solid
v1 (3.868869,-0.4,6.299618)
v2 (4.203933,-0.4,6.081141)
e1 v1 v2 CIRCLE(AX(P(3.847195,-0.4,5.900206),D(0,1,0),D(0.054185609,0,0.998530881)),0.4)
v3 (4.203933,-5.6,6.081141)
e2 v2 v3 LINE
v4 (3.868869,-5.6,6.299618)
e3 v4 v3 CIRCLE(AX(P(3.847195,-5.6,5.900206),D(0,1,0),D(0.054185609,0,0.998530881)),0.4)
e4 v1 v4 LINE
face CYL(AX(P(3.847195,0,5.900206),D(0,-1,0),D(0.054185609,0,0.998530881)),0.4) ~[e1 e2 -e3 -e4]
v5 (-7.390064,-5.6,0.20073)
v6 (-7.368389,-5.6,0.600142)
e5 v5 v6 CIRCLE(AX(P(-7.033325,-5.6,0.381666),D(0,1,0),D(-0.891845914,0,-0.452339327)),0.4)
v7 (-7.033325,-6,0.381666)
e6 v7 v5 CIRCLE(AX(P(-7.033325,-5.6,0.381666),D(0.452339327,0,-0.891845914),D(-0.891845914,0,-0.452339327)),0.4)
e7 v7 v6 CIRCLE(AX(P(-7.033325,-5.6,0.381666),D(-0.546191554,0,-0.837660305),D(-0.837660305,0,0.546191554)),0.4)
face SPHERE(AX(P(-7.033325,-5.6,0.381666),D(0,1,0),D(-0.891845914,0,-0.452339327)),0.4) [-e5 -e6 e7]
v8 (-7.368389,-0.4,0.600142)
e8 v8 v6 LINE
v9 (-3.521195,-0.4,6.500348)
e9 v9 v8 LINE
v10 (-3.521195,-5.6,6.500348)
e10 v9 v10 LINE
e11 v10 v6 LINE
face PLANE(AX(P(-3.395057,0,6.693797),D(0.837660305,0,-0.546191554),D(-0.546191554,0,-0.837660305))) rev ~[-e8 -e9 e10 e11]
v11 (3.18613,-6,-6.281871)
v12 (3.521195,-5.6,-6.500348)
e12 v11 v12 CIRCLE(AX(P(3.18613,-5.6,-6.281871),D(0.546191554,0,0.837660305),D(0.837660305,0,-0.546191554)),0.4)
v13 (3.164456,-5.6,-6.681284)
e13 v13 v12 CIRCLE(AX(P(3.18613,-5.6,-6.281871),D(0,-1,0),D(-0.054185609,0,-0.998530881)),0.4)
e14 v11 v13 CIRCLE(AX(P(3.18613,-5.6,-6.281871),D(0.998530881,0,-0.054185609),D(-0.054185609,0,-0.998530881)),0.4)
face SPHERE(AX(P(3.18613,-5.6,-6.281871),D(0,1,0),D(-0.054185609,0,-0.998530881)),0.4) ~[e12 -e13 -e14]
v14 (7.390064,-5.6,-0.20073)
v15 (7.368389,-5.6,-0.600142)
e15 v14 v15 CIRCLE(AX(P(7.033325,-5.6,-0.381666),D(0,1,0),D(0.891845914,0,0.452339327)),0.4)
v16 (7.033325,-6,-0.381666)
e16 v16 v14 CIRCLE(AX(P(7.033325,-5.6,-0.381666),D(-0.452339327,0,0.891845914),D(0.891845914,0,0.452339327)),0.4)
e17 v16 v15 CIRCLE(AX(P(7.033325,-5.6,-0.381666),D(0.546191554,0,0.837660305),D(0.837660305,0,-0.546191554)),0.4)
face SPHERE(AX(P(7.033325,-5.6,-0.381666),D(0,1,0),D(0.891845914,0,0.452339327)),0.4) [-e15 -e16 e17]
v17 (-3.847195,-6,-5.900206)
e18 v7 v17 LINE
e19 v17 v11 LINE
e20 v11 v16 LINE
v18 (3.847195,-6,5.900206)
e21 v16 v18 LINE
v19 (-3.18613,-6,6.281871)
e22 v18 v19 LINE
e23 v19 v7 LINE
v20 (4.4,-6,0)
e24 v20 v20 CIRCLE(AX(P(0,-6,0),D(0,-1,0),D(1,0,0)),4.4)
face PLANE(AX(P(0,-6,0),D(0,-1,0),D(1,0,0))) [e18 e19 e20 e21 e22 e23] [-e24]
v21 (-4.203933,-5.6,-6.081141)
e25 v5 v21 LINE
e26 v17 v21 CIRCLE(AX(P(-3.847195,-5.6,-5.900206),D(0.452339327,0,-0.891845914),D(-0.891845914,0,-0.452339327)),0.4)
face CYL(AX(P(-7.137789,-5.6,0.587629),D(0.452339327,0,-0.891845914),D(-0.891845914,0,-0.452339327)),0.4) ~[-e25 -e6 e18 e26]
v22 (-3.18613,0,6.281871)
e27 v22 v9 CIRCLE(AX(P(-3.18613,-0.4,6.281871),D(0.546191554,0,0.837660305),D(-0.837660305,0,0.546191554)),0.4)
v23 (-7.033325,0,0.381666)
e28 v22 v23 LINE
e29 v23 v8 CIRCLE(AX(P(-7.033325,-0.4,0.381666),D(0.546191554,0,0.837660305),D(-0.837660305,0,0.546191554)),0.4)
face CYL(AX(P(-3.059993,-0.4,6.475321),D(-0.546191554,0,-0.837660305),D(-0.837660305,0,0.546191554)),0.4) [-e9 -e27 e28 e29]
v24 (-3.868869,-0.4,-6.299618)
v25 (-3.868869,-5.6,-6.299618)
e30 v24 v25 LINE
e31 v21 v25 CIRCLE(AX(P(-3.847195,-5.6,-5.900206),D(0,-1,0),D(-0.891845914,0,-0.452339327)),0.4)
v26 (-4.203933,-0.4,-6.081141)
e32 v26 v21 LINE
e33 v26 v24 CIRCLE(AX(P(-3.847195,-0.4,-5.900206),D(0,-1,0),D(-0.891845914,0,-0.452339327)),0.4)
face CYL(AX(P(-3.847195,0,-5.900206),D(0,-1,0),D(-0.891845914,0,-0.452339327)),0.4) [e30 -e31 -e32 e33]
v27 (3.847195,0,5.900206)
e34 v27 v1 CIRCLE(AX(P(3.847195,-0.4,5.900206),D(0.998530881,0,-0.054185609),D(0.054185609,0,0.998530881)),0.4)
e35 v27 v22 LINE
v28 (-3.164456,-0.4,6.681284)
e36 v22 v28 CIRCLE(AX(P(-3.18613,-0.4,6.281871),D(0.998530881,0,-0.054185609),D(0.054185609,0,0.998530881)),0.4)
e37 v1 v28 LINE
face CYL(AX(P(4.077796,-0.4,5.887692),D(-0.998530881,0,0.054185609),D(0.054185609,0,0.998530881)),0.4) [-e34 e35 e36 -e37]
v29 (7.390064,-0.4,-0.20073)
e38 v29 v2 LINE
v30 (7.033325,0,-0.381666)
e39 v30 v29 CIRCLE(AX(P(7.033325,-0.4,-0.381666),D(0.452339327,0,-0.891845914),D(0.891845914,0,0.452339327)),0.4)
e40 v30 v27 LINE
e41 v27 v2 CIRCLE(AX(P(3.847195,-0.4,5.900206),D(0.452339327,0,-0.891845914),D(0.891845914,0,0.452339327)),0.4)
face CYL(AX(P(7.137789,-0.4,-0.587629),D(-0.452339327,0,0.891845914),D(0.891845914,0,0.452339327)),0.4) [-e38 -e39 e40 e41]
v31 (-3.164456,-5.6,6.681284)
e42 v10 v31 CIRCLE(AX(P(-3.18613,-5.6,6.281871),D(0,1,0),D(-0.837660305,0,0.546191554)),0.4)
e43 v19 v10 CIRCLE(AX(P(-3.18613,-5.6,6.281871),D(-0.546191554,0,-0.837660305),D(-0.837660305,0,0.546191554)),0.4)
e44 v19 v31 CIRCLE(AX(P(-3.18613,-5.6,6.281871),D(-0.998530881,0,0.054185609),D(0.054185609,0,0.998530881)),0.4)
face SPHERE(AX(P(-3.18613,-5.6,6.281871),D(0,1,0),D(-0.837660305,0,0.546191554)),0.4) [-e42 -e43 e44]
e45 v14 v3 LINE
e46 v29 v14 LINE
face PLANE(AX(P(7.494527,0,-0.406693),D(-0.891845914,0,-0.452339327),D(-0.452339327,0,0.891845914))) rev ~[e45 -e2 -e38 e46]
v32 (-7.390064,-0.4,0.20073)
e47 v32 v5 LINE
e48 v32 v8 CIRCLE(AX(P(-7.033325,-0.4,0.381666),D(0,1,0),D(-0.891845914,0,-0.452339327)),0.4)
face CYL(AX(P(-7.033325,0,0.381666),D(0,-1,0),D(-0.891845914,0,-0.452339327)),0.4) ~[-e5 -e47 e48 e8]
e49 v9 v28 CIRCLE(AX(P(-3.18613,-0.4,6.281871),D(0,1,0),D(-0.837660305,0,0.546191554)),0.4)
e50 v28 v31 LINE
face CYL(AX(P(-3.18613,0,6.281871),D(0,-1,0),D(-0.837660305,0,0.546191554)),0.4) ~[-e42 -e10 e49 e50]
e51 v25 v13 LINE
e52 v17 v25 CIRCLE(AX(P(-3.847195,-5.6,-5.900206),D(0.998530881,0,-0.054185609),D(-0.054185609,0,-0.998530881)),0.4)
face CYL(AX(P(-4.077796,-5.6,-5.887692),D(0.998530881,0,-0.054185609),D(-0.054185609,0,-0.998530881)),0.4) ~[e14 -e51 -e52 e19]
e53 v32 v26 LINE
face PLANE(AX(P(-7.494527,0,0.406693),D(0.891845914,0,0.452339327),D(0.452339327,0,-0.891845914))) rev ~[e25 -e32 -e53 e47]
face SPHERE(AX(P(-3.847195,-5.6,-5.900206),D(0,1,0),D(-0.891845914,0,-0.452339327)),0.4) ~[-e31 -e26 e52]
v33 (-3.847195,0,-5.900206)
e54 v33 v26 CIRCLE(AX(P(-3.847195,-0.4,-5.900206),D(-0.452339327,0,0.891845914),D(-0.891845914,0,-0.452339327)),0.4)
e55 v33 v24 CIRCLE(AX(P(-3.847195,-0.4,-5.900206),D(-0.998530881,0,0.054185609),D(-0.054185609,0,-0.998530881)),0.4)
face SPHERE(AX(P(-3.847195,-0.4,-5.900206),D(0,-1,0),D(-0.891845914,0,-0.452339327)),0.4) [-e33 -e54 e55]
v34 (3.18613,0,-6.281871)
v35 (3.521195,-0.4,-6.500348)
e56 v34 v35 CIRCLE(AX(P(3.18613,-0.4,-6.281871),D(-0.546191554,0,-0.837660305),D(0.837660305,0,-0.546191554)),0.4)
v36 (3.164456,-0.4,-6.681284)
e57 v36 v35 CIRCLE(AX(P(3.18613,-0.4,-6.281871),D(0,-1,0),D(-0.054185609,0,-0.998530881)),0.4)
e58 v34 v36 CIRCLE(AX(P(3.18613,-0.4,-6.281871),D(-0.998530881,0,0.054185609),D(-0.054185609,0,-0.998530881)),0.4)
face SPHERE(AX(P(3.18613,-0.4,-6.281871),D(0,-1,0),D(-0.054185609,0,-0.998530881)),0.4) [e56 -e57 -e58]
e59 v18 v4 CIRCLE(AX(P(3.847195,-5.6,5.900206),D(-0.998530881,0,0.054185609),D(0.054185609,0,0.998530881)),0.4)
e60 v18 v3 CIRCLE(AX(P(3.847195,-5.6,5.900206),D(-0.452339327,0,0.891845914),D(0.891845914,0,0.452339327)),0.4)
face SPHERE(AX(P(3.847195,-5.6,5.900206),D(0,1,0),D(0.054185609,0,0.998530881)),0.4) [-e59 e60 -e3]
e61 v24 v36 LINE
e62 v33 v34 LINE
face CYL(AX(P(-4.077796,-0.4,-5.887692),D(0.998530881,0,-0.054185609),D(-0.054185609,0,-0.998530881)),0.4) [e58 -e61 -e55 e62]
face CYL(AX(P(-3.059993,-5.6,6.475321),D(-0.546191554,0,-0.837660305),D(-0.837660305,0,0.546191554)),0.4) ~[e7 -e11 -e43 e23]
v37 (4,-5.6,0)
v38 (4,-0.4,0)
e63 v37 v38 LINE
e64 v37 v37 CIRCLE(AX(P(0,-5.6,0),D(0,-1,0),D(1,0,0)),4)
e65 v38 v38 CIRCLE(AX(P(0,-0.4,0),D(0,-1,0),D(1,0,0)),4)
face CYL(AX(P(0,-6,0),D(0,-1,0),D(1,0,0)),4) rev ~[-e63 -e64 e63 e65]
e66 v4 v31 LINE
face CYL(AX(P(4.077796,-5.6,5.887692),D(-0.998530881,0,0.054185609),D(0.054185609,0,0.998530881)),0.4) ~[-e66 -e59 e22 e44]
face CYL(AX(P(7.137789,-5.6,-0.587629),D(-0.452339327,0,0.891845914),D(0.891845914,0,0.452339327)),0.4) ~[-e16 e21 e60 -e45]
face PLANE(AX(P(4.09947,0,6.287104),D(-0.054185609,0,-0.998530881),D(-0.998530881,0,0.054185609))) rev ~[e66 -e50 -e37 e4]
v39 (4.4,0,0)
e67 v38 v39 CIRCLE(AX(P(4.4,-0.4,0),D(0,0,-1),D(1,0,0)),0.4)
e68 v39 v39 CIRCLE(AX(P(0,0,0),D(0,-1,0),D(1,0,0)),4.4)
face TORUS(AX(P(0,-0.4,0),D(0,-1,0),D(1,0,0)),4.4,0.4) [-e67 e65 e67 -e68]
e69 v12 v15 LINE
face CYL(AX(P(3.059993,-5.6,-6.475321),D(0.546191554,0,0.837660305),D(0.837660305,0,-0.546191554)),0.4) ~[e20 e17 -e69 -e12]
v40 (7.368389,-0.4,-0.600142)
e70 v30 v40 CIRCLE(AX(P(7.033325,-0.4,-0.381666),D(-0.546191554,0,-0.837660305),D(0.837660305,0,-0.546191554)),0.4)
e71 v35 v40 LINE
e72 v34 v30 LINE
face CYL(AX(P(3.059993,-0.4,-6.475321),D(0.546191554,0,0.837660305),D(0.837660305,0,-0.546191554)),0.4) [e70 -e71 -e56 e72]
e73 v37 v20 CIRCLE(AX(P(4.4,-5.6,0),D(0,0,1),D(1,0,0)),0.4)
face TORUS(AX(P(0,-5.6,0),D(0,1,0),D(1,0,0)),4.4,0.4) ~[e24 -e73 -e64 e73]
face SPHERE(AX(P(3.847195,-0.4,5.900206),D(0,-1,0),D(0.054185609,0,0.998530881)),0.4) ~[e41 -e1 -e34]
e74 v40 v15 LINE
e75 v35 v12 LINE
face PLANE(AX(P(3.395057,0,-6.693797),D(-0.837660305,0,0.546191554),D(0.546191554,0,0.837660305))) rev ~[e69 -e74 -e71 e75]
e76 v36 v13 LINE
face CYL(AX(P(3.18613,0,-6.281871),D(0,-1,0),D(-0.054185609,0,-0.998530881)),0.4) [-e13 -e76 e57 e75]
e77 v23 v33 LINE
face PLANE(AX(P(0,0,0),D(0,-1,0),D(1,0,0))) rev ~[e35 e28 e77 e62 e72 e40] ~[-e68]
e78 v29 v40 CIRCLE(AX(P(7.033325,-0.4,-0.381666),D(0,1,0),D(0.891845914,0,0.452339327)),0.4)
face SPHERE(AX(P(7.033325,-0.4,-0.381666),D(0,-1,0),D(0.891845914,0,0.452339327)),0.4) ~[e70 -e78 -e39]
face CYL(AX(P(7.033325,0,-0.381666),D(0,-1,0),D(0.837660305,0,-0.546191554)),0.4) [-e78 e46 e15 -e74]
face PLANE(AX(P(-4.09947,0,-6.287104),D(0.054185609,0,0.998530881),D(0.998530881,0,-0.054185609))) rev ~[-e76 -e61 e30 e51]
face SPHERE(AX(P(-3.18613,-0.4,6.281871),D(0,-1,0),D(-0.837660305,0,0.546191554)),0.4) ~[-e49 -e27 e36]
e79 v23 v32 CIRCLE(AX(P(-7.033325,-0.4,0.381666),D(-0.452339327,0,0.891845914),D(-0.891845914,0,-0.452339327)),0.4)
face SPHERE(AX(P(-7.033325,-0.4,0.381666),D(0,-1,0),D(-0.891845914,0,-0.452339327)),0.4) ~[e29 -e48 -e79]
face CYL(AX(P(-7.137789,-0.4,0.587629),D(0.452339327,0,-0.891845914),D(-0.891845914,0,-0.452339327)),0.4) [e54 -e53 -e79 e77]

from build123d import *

# Parameters (mm, degrees)
F1_DEPTH = 6
F2_R     = 4
F3_DEPTH = 6
F4_R     = 0.4


with BuildPart() as f1:
    # F0 (on Front) → F1 (new body)
    with BuildSketch(Plane.XZ):
        Polygon((3.3950570152, -6.6937972181), (7.4945269462, -0.4066929865), (4.099469931, 6.2871042315), (-3.3950570152, 6.6937972181), (-7.4945269462, 0.4066929865), (-4.099469931, -6.2871042315), align=None)
    extrude(amount=F1_DEPTH)

    # F2 (on face) → F3 (intersect)
    with BuildSketch(Plane.XZ.offset(6)):
        Polygon((-7.4945269462, 0.4066929865), (-4.099469931, -6.2871042315), (3.3950570152, -6.6937972181), (7.4945269462, -0.4066929865), (4.099469931, 6.2871042315), (-3.3950570152, 6.6937972181), align=None)
        Circle(F2_R, mode=Mode.SUBTRACT)
    extrude(amount=-F3_DEPTH, mode=Mode.INTERSECT)

    # F4
    f4_edges = [f1.edges().sort_by_distance(p)[0] for p in [
        (-7.494527, -3, 0.406693),
        (-4.09947, -3, -6.287104),
        (-5.796998, 0, -2.940206),
        (-5.796998, -6, -2.940206),
        (3.395057, -3, -6.693797),
        (-0.352206, 0, -6.490451),
        (-0.352206, -6, -6.490451),
        (-3.395057, -3, 6.693797),
        (-5.444792, 0, 3.550245),
        (-5.444792, -6, 3.550245),
        (4.09947, -3, 6.287104),
        (0.352206, 0, 6.490451),
        (0.352206, -6, 6.490451),
        (7.494527, -3, -0.406693),
        (5.796998, 0, 2.940206),
        (5.796998, -6, 2.940206),
        (5.444792, 0, -3.550245),
        (5.444792, -6, -3.550245),
        (-4, -6, 0),
        (-4, 0, 0),
    ]]
    fillet(f4_edges, radius=F4_R)


solid = f1.part
